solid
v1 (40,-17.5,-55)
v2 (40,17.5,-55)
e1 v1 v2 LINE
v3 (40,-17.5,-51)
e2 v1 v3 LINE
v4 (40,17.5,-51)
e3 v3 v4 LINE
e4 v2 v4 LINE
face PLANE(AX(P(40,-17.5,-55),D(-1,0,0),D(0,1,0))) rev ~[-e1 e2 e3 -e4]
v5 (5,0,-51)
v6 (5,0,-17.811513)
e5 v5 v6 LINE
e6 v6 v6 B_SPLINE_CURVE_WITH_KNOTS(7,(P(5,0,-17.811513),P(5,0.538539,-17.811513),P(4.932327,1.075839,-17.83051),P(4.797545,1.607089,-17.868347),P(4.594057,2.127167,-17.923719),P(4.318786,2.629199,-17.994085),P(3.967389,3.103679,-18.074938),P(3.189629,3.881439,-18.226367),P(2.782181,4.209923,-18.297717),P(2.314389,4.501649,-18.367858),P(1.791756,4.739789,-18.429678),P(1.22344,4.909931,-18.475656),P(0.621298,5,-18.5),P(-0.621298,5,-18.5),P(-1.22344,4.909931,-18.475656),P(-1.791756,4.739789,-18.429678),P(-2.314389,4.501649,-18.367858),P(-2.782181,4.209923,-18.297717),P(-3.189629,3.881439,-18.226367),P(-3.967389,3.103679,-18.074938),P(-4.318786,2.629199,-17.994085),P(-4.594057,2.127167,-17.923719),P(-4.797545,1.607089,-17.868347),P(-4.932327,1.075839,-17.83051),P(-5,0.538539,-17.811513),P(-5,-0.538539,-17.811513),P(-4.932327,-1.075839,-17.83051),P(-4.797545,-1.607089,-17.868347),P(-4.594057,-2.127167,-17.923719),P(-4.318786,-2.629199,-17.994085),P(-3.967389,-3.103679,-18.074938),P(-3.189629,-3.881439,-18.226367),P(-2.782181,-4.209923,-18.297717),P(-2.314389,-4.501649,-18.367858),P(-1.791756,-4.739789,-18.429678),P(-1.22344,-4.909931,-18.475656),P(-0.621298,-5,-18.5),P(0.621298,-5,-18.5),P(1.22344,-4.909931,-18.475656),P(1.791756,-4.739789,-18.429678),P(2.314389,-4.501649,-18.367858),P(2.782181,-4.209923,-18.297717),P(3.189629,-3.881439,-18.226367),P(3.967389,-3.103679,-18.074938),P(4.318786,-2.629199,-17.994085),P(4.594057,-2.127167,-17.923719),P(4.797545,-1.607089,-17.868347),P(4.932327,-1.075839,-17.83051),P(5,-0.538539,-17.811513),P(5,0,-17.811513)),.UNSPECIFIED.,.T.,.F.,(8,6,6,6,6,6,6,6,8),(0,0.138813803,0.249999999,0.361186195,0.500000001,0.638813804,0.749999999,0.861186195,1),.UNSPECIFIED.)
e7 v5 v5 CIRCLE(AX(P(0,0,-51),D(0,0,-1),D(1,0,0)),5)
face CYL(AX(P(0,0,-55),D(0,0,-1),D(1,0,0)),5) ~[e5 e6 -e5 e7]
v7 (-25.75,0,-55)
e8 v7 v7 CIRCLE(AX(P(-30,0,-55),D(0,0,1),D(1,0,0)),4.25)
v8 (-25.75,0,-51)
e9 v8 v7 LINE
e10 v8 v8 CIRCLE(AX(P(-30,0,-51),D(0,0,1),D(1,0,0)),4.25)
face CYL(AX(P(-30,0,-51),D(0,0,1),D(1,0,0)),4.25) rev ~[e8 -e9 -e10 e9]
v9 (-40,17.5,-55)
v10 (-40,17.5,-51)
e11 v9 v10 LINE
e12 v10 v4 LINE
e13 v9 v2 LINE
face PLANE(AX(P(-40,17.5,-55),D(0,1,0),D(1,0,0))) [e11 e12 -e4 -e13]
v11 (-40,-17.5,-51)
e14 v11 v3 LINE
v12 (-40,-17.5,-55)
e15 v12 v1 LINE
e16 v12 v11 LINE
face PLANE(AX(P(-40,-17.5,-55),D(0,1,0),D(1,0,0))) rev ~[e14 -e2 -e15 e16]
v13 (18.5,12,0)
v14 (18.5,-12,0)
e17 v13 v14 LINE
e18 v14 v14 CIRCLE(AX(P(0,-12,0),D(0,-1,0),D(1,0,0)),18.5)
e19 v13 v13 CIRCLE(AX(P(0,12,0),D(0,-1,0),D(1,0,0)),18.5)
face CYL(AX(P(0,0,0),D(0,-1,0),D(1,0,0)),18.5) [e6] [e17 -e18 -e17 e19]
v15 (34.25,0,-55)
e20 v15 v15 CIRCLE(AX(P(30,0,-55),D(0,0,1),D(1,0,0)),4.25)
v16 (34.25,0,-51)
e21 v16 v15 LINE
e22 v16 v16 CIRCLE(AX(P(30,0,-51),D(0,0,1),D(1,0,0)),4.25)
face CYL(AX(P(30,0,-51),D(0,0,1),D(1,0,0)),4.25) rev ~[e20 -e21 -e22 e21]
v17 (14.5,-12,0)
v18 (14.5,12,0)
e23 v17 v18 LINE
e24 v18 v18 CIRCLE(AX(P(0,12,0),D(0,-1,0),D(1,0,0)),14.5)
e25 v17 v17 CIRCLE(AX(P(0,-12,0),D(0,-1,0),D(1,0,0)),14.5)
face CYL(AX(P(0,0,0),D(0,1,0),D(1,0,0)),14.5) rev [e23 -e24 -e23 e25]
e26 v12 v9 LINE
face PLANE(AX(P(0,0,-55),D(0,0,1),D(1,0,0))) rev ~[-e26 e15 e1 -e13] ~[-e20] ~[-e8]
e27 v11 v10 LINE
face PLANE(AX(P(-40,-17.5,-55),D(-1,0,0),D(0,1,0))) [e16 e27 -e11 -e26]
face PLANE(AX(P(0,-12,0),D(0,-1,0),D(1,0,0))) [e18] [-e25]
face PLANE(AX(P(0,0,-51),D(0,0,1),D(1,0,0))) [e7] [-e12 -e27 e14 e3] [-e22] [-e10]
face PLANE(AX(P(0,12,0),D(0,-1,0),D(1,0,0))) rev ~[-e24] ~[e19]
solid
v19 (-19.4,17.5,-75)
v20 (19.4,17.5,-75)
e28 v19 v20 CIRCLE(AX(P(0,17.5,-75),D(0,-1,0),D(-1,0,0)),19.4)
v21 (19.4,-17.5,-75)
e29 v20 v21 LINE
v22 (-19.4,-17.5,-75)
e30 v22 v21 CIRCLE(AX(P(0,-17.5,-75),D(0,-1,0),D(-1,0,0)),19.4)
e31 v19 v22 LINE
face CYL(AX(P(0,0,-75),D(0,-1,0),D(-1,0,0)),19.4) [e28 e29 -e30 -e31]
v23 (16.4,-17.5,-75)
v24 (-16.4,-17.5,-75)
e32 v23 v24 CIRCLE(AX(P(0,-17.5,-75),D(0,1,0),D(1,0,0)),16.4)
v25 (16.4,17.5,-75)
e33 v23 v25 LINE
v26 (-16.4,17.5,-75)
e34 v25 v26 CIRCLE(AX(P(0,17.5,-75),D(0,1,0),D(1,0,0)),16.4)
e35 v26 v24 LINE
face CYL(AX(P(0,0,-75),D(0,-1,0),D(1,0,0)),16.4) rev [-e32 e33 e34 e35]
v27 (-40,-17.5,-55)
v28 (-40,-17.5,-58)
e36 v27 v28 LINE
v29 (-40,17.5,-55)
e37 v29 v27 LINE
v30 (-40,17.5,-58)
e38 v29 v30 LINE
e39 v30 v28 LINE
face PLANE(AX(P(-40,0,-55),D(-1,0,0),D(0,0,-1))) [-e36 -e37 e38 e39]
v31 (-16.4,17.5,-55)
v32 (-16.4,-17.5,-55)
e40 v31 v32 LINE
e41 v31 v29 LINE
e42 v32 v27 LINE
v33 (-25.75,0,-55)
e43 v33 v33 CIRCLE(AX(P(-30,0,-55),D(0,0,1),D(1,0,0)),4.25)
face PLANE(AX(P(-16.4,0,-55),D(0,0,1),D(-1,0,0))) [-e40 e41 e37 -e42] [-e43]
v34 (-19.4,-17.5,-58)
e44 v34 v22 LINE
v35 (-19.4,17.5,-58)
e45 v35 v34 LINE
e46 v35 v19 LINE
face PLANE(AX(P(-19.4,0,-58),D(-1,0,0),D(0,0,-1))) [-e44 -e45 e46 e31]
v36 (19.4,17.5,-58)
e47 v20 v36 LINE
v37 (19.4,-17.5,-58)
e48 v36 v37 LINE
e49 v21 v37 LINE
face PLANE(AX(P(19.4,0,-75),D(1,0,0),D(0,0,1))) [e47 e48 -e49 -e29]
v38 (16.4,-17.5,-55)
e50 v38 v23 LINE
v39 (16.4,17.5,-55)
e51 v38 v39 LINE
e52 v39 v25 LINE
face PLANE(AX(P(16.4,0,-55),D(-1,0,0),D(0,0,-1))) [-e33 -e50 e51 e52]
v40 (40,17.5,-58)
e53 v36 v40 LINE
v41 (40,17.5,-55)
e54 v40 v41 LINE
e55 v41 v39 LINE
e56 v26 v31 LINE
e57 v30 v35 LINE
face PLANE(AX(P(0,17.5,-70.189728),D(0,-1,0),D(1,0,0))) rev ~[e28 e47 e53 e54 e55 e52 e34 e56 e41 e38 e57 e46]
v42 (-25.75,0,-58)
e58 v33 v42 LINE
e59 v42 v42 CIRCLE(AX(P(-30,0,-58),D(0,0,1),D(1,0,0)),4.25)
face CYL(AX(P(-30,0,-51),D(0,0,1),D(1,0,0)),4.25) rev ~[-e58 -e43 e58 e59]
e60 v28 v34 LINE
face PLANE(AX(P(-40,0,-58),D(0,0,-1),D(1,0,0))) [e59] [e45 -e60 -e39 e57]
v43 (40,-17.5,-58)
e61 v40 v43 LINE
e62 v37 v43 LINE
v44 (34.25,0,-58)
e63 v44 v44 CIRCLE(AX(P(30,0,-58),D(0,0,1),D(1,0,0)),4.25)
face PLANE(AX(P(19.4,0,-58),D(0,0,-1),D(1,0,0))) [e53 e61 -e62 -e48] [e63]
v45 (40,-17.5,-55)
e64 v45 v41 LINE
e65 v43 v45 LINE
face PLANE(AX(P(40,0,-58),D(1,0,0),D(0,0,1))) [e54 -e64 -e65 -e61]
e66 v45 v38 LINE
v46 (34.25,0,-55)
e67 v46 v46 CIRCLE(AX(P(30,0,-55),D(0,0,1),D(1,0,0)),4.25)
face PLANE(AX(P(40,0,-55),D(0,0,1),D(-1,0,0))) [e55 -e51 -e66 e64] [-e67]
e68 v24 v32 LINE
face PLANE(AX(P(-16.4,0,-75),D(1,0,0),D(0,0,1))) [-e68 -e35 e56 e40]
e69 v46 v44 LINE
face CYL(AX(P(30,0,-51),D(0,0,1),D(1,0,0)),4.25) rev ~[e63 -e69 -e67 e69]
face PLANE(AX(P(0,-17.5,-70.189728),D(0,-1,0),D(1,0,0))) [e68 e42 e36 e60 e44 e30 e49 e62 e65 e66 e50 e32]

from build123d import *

# Parameters (mm, degrees)
F0_R      = 18.5
F0_R_2    = 14.5
F1_DEPTH  = 12
F3_R      = 5
F5_W      = 80
F5_H      = 35
F6_DEPTH  = 4
F8_DEPTH  = 17.5
F9_R      = 4.25
F10_DEPTH = 25


with BuildPart() as f1:
    # F0 (on Front) → F1 (new body, symmetric)
    with BuildSketch(Plane.XZ):
        Circle(F0_R)
        Circle(F0_R_2, mode=Mode.SUBTRACT)
    extrude(amount=F1_DEPTH, both=True)

    # F3 (on offset) → F4 (join, up to the next surface of F1)
    with BuildSketch(Plane.XY.offset(-55)):
        Circle(F3_R)
    extrude(until=Until.NEXT)

    # F5 (on offset) → F6 (join)
    with BuildSketch(Plane.XY.offset(-55)):
        Rectangle(F5_W, F5_H)
    extrude(amount=F6_DEPTH)


with BuildPart() as f8:
    # F7 (on Front) → F8 (new body, symmetric)
    with BuildSketch(Plane.XZ):
        with BuildLine():
            ThreePointArc((16.4, -75), (0, -91.4), (-16.4, -75))
            Line((-16.4, -75), (-16.4, -55))
            Line((-16.4, -55), (-40, -55))
            Line((-40, -55), (-40, -58))
            Line((-40, -58), (-19.4, -58))
            Line((-19.4, -58), (-19.4, -75))
            ThreePointArc((-19.4, -75), (0, -94.4), (19.4, -75))
            Line((19.4, -75), (19.4, -58))
            Line((19.4, -58), (40, -58))
            Line((40, -58), (40, -55))
            Line((40, -55), (16.4, -55))
            Line((16.4, -55), (16.4, -75))
        make_face()
    extrude(amount=F8_DEPTH, both=True)


with BuildPart() as f10_tool:
    # F9 (on face) → F10 (new body)
    with BuildSketch(Plane.XY.offset(-51)):
        with Locations((-30, 0)):
            Circle(F9_R)
        with Locations((30, 0)):
            Circle(F9_R)
    extrude(amount=-F10_DEPTH)


with BuildPart() as f1_1:
    add(f1.part)

    # F10: cut by f10_tool
    add(f10_tool.part, mode=Mode.SUBTRACT)


with BuildPart() as f8_1:
    add(f8.part)

    # F10: cut by f10_tool
    add(f10_tool.part, mode=Mode.SUBTRACT)


solid = Compound([f1_1.part, f8_1.part])
